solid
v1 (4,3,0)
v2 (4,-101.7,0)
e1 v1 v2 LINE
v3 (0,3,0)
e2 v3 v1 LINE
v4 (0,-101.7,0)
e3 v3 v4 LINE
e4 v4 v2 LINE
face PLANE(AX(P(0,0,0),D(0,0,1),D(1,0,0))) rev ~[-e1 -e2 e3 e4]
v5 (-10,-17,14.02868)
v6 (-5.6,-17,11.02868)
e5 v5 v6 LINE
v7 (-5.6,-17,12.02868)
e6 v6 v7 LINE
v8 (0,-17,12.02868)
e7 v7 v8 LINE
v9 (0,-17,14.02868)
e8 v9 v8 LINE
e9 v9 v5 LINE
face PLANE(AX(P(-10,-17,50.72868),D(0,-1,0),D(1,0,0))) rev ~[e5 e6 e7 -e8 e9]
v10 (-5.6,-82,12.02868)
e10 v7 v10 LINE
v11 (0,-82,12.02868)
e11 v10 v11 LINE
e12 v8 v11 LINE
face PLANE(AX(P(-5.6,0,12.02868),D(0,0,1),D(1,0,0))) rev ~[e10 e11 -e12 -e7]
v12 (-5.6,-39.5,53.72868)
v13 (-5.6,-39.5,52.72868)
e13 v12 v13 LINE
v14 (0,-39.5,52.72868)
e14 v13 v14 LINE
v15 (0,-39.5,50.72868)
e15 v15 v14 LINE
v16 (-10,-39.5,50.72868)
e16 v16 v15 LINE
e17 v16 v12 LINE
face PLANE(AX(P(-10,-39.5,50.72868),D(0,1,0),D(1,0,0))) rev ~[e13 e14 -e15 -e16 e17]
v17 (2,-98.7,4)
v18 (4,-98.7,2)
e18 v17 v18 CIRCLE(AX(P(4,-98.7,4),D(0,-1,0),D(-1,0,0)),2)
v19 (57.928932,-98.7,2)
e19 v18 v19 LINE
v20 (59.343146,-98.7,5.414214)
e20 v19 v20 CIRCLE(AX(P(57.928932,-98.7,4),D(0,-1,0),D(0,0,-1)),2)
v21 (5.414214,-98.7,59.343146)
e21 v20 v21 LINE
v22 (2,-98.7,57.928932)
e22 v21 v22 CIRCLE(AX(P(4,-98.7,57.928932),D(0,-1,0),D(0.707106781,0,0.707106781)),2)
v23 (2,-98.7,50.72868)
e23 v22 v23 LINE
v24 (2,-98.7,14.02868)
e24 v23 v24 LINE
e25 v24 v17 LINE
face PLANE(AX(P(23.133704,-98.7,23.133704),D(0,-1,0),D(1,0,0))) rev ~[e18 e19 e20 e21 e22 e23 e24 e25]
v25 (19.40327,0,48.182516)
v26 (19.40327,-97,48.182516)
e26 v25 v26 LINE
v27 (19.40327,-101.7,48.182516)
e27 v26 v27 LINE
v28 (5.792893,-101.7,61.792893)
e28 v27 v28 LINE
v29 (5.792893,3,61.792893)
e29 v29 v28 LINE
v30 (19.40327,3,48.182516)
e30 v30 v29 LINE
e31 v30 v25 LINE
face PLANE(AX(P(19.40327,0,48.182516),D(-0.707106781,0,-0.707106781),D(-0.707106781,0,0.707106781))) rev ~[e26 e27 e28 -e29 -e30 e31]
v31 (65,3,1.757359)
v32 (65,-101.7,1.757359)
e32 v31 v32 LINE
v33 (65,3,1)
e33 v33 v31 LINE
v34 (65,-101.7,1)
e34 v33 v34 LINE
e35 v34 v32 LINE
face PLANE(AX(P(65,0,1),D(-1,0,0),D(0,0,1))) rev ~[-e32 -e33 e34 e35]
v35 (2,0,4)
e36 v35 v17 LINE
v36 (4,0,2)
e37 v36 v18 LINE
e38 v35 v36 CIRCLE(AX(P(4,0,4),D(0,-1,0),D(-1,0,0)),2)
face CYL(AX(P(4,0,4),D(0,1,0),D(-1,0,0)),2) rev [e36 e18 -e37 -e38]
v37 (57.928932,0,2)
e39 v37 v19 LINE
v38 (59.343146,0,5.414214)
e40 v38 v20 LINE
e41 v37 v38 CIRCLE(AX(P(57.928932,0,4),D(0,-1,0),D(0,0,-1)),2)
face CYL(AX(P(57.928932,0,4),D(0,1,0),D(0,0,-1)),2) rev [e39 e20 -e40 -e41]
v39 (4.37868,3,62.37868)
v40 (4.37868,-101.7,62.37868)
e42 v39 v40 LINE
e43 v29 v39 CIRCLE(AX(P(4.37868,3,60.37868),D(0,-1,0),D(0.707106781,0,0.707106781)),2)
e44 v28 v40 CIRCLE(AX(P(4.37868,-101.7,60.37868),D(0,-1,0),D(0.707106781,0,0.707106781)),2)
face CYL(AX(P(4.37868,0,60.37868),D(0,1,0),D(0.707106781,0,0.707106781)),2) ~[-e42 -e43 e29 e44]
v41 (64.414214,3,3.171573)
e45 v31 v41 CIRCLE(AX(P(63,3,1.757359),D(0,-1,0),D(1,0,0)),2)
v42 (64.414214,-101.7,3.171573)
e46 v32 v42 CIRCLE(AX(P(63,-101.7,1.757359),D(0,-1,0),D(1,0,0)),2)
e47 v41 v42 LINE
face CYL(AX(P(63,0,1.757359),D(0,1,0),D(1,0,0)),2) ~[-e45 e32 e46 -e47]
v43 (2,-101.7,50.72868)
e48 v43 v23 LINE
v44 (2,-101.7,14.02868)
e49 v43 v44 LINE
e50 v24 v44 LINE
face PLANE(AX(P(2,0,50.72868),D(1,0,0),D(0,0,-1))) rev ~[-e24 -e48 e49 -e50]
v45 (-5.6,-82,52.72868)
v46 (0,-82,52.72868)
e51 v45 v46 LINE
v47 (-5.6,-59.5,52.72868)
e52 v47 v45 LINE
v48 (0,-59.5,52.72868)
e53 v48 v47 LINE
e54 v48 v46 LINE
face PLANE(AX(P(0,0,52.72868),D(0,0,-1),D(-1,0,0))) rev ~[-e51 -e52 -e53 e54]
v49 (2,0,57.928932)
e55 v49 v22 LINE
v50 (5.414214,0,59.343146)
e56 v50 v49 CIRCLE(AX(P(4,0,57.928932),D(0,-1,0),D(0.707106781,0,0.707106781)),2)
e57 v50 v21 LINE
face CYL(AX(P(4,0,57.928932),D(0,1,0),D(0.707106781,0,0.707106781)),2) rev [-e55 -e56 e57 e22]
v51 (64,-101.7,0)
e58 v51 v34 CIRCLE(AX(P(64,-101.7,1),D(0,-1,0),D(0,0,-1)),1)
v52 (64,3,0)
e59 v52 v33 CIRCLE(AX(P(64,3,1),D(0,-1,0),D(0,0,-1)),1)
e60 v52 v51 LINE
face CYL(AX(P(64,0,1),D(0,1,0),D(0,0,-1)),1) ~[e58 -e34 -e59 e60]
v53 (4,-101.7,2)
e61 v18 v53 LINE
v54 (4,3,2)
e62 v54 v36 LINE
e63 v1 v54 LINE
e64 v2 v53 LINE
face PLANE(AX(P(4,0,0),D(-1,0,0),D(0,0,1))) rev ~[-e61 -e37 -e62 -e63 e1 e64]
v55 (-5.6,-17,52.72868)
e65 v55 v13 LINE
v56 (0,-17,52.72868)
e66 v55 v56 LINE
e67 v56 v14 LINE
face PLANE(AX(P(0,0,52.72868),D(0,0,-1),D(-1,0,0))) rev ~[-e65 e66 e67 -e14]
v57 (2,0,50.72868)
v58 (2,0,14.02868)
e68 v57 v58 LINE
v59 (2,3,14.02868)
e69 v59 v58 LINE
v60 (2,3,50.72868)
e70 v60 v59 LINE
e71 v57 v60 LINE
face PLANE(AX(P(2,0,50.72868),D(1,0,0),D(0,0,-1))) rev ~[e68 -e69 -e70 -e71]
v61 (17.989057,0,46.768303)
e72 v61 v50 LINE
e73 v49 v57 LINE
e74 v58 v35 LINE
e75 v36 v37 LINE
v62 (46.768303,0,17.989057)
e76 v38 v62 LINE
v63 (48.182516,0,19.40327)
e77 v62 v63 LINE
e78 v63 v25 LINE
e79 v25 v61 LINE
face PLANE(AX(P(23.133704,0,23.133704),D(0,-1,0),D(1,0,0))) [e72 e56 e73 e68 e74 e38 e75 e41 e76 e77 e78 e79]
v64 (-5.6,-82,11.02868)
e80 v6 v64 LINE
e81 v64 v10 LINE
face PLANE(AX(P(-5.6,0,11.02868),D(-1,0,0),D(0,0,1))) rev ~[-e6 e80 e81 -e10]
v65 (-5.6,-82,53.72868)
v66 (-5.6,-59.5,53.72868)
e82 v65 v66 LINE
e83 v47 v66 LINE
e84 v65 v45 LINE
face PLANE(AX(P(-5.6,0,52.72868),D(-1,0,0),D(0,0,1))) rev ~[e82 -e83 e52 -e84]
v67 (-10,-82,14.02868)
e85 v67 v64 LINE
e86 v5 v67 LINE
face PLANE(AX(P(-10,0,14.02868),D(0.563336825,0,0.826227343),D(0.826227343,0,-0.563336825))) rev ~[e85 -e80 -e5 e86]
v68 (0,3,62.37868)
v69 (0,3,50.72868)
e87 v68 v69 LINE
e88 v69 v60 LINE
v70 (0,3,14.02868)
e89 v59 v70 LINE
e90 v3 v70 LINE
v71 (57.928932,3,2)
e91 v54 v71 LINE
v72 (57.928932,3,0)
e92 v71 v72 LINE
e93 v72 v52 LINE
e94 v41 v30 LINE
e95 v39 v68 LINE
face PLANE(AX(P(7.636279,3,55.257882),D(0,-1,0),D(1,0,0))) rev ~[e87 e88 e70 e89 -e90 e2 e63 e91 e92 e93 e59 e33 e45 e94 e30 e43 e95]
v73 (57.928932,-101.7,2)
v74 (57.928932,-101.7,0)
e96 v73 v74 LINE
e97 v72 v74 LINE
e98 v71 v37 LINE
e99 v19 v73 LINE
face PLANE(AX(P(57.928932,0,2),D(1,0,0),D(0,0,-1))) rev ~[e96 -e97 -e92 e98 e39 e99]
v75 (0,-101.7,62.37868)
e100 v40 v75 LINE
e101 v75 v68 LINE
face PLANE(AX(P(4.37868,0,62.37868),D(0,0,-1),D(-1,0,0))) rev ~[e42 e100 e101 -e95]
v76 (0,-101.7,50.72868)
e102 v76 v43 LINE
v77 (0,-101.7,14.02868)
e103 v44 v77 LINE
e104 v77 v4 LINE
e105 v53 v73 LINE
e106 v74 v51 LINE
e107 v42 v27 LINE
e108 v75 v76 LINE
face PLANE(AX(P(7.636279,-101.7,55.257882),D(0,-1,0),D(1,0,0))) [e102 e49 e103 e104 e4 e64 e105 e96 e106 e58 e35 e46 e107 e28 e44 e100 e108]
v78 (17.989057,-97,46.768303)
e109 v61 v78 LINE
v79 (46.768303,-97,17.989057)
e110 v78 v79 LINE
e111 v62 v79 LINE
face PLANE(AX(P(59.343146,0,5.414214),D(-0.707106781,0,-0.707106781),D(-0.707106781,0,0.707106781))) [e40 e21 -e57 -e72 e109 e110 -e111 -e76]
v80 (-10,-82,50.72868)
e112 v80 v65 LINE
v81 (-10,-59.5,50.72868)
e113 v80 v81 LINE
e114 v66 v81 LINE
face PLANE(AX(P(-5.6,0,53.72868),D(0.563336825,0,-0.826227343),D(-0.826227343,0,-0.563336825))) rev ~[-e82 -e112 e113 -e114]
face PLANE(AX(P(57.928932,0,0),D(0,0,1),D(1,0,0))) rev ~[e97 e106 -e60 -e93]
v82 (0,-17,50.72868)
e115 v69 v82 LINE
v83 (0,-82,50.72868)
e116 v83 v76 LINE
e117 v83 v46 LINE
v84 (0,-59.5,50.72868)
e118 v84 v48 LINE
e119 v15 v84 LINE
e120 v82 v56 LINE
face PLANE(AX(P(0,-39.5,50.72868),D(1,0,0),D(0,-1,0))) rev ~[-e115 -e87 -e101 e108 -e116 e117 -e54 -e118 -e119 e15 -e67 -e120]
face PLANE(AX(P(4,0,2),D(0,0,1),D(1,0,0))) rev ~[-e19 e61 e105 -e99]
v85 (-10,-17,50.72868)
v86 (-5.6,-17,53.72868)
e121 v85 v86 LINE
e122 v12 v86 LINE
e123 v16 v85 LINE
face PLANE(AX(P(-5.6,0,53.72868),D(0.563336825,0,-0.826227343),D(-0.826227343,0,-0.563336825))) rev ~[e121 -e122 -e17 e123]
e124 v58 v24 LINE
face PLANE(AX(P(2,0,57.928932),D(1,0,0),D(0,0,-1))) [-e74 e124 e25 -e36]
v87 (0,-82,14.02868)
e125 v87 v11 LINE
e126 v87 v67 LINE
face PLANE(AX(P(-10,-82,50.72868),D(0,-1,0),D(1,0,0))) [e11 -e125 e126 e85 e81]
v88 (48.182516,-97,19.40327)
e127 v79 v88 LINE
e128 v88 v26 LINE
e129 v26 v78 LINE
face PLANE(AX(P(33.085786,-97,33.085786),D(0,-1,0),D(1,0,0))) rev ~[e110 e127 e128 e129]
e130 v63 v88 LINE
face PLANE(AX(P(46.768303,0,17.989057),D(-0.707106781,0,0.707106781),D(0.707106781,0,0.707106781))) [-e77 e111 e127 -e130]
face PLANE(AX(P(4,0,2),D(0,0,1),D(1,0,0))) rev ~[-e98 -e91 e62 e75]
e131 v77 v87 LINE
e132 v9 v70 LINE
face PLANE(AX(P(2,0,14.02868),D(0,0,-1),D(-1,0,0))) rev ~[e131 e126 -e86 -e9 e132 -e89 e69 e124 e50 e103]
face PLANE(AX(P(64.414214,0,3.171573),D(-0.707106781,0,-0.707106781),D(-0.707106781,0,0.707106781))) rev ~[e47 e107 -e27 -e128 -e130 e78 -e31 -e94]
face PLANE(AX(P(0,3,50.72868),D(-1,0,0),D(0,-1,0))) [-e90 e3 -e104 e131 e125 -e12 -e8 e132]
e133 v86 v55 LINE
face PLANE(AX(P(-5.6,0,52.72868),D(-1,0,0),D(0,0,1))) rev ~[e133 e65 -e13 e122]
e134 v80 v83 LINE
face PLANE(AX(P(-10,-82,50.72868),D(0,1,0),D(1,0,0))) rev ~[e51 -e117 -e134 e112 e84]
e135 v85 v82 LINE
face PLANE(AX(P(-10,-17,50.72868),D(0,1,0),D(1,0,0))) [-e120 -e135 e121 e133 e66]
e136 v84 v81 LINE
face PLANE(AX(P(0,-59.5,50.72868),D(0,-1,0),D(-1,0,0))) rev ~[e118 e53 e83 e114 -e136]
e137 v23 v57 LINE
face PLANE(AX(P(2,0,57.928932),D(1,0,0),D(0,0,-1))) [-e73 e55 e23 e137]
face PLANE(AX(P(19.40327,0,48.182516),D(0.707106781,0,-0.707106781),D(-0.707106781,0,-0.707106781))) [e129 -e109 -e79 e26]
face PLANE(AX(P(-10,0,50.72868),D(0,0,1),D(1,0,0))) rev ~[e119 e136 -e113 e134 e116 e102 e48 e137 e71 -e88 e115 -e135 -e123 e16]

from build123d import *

# Parameters (mm, degrees)
F1_DEPTH      = 3
F1_DEPTH_BACK = 101.7
F2_DEPTH      = 98.7
F3_DEPTH      = 97
F4_W          = 10
F4_H          = 0.3
F4_H_2        = 20
F4_H_3        = 19.7
F5_DEPTH      = 25
F6_W          = 10
F6_H          = 20
F6_H_2        = 19.7
F7_DEPTH      = 50


with BuildPart() as f1:
    # F0 (on Front) → F1 (new body, two sides)
    with BuildSketch(Plane.XZ) as f1_sk:
        with BuildLine():
            Line((0, 52.7286796564), (0, 50.7286796564))
            Line((0, 50.7286796564), (2, 50.7286796564))
            Line((2, 50.7286796564), (2, 57.9289321881))
            ThreePointArc((2, 57.9289321881), (3.2346331353, 59.7766912532), (5.4142135624, 59.3431457505))
            Line((5.4142135624, 59.3431457505), (17.9890566593, 46.7683026536))
            Line((17.9890566593, 46.7683026536), (19.4032702217, 48.182516216))
            Line((19.4032702217, 48.182516216), (5.7928932188, 61.7928932188))
            ThreePointArc((5.7928932188, 61.7928932188), (5.1440465212, 62.2264387215), (4.3786796564, 62.3786796564))
            Line((4.3786796564, 62.3786796564), (0, 62.3786796564))
            Line((0, 62.3786796564), (0, 52.7286796564))
        make_face()
        with BuildLine():
            ThreePointArc((2, 4), (2.5857864376, 2.5857864376), (4, 2))
            Line((4, 2), (57.9289321881, 2))
            ThreePointArc((57.9289321881, 2), (59.7766912532, 3.2346331353), (59.3431457505, 5.4142135624))
            Line((59.3431457505, 5.4142135624), (46.7683026536, 17.9890566593))
            Line((46.7683026536, 17.9890566593), (17.9890566593, 46.7683026536))
            Line((17.9890566593, 46.7683026536), (5.4142135624, 59.3431457505))
            ThreePointArc((5.4142135624, 59.3431457505), (3.2346331353, 59.7766912532), (2, 57.9289321881))
            Line((2, 57.9289321881), (2, 50.7286796564))
            Line((2, 50.7286796564), (2, 14.0286796564))
            Line((2, 14.0286796564), (2, 4))
        make_face()
        with BuildLine():
            Line((57.9289321881, 2), (57.9289321881, 0))
            Line((57.9289321881, 0), (64, 0))
            ThreePointArc((64, 0), (64.7071067812, 0.2928932188), (65, 1))
            Line((65, 1), (65, 1.7573593129))
            ThreePointArc((65, 1.7573593129), (64.847759065, 2.5227261776), (64.4142135624, 3.1715728753))
            Line((64.4142135624, 3.1715728753), (48.182516216, 19.4032702217))
            Line((48.182516216, 19.4032702217), (46.7683026536, 17.9890566593))
            Line((46.7683026536, 17.9890566593), (59.3431457505, 5.4142135624))
            ThreePointArc((59.3431457505, 5.4142135624), (59.7766912532, 3.2346331353), (57.9289321881, 2))
        make_face()
        Polygon((-5.6, 12.0286796564), (0, 12.0286796564), (0, 14.0286796564), (-10, 14.0286796564), (-5.6, 11.0286796564), align=None)
        Polygon((-10, 50.7286796564), (0, 50.7286796564), (0, 52.7286796564), (-5.6, 52.7286796564), (-5.6, 53.7286796564), align=None)
        Polygon((17.9890566593, 46.7683026536), (46.7683026536, 17.9890566593), (48.182516216, 19.4032702217), (19.4032702217, 48.182516216), align=None)
        with BuildLine():
            Line((0, 12.0286796564), (0, 0))
            Line((0, 0), (4, 0))
            Line((4, 0), (4, 2))
            ThreePointArc((4, 2), (2.5857864376, 2.5857864376), (2, 4))
            Line((2, 4), (2, 14.0286796564))
            Line((2, 14.0286796564), (0, 14.0286796564))
            Line((0, 14.0286796564), (0, 12.0286796564))
        make_face()
    extrude(amount=-F1_DEPTH)
    extrude(f1_sk.sketch, amount=F1_DEPTH_BACK)

    # F0 (on Front) → F2 (cut)
    with BuildSketch(Plane.XZ):
        with BuildLine():
            ThreePointArc((2, 4), (2.5857864376, 2.5857864376), (4, 2))
            Line((4, 2), (57.9289321881, 2))
            ThreePointArc((57.9289321881, 2), (59.7766912532, 3.2346331353), (59.3431457505, 5.4142135624))
            Line((59.3431457505, 5.4142135624), (46.7683026536, 17.9890566593))
            Line((46.7683026536, 17.9890566593), (17.9890566593, 46.7683026536))
            Line((17.9890566593, 46.7683026536), (5.4142135624, 59.3431457505))
            ThreePointArc((5.4142135624, 59.3431457505), (3.2346331353, 59.7766912532), (2, 57.9289321881))
            Line((2, 57.9289321881), (2, 50.7286796564))
            Line((2, 50.7286796564), (2, 14.0286796564))
            Line((2, 14.0286796564), (2, 4))
        make_face()
    extrude(amount=F2_DEPTH, mode=Mode.SUBTRACT)

    # F0 (on Front) → F3 (cut)
    with BuildSketch(Plane.XZ):
        Polygon((17.9890566593, 46.7683026536), (46.7683026536, 17.9890566593), (48.182516216, 19.4032702217), (19.4032702217, 48.182516216), align=None)
    extrude(amount=F3_DEPTH, mode=Mode.SUBTRACT)

    # F4 (on face) → F5 (cut)
    with BuildSketch(Plane(origin=(0, 0, 50.7286796564), x_dir=(1, 0, 0), z_dir=(0, 0, -1))):
        with Locations((-5, 101.85)):
            Rectangle(F4_W, F4_H)
        Polygon((-10, 49.5), (-10, 39.5), (0, 39.5), (0, 49.5), (0, 59.5), (-10, 59.5), align=None)
        with Locations((-5, 7)):
            Rectangle(F4_W, F4_H_2)
        with Locations((-5, 91.85)):
            Rectangle(F4_W, F4_H_3)
    extrude(amount=-F5_DEPTH, mode=Mode.SUBTRACT)

    # F6 (on face) → F7 (cut)
    with BuildSketch(Plane(origin=(0, 0, 50.7286796564), x_dir=(1, 0, 0), z_dir=(0, 0, -1))):
        with Locations((-5, 7)):
            Rectangle(F6_W, F6_H)
        with Locations((-5, 91.85)):
            Rectangle(F6_W, F6_H_2)
    extrude(amount=F7_DEPTH, mode=Mode.SUBTRACT)


solid = f1.part
